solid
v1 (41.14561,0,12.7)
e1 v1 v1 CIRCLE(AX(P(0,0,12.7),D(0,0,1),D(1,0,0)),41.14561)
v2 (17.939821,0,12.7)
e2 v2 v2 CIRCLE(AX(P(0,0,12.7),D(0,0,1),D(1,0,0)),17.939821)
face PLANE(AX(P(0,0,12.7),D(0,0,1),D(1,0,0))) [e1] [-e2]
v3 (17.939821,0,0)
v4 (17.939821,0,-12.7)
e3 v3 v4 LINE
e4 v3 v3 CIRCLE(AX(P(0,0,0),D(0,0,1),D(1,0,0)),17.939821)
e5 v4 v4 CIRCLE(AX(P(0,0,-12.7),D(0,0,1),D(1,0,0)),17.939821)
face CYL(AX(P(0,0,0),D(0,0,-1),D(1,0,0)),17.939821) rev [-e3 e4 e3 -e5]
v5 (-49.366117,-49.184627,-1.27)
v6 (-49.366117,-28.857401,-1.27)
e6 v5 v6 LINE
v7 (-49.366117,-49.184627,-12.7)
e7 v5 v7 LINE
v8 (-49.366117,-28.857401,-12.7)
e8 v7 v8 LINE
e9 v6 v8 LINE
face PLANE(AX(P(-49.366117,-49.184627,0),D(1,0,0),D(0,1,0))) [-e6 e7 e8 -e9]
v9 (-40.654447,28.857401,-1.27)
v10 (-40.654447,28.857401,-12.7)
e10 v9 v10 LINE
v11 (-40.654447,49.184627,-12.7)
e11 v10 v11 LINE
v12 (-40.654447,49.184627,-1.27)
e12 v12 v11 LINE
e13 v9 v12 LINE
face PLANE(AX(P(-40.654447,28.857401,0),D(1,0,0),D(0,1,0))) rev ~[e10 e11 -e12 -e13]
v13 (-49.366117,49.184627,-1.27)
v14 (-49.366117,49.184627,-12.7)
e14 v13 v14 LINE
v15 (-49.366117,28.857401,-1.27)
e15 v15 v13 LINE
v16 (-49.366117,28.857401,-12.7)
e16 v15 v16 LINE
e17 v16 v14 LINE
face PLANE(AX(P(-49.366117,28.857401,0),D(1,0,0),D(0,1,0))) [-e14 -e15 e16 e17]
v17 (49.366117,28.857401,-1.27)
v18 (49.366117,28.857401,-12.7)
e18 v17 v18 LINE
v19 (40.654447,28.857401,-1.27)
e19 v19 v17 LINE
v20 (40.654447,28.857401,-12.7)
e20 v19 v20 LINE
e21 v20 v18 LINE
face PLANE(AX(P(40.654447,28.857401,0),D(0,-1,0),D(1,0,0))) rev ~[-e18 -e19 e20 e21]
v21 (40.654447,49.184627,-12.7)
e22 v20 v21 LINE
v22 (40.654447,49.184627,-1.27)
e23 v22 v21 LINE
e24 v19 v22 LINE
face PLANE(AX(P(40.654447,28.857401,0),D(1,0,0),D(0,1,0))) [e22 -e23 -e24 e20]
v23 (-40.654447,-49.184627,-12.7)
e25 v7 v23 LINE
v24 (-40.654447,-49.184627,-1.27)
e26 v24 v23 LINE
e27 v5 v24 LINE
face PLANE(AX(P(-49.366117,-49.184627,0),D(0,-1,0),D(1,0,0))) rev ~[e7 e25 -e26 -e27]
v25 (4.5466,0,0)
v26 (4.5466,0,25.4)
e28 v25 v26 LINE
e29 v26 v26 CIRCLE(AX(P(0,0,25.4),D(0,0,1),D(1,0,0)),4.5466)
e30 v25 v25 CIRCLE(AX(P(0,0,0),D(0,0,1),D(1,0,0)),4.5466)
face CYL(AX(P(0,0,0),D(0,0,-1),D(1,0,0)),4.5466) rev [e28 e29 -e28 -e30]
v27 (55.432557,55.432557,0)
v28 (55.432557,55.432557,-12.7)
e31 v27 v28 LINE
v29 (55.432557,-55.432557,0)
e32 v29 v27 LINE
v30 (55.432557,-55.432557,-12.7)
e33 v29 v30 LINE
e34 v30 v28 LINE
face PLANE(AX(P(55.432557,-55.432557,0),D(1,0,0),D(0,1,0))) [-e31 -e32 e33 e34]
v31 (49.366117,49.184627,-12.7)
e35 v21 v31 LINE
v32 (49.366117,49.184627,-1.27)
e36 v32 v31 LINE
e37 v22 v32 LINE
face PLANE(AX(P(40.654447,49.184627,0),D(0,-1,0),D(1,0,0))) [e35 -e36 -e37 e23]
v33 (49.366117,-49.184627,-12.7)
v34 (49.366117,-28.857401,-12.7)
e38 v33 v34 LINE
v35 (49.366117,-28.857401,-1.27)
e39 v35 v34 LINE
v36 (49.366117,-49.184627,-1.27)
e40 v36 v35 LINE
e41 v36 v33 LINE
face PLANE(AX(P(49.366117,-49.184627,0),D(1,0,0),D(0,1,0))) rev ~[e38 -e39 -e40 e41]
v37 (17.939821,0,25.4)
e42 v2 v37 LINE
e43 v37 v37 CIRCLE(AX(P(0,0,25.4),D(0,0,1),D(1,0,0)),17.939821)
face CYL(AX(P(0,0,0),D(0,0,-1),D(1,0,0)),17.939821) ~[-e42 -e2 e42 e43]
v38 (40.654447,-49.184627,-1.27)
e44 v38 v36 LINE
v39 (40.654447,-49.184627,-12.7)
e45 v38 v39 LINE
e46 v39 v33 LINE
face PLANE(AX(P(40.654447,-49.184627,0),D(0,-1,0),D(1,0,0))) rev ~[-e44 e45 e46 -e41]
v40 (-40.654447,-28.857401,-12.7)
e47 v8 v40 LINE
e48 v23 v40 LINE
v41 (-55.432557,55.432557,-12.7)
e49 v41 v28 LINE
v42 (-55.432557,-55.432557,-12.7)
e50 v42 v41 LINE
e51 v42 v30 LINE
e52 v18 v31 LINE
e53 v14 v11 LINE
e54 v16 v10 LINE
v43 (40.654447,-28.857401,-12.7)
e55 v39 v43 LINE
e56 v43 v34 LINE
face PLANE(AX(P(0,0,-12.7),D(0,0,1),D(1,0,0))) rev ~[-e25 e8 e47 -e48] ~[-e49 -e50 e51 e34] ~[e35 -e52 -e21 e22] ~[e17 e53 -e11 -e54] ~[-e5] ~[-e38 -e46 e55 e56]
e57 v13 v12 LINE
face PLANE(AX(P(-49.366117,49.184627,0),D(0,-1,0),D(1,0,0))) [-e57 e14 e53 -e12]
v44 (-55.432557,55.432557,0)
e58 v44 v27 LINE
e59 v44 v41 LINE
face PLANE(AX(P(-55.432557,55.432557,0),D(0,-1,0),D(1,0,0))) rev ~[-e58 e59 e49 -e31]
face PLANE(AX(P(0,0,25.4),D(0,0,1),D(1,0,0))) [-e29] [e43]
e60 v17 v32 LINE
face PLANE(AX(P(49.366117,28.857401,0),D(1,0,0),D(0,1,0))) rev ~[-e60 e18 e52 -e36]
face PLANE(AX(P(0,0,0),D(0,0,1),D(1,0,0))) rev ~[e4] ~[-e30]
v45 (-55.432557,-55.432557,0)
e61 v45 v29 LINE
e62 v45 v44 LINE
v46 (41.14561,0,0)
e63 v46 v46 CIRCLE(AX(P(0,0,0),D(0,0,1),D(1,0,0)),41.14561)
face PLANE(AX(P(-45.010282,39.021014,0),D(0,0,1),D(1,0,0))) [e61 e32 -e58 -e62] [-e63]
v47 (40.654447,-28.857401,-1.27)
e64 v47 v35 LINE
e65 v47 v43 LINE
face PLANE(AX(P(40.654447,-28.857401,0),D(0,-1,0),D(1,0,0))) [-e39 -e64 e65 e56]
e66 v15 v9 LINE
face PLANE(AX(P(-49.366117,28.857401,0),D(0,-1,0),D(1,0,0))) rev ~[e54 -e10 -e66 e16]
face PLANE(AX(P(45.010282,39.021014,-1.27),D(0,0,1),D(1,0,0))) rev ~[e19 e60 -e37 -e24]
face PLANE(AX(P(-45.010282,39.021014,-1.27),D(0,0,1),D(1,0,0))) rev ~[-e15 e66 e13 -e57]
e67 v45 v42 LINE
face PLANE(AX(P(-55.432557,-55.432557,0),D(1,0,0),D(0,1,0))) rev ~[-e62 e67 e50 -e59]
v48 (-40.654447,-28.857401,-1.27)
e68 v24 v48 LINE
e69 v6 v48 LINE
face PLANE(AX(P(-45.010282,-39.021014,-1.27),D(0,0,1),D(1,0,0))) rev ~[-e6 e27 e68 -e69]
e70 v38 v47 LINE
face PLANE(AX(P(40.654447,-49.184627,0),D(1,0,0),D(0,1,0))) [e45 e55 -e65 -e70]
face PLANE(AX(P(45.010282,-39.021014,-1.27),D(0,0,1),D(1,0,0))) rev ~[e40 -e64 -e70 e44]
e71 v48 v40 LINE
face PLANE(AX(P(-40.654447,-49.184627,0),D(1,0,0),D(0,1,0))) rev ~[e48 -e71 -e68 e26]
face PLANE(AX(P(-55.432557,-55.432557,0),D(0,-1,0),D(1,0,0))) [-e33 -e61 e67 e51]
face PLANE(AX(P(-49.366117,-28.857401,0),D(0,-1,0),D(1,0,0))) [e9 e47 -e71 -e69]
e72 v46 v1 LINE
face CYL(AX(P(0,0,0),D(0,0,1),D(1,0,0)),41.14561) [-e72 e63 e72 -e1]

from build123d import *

# Parameters (mm, degrees)
F0_R     = 17.939821
F0_R_2   = 4.5466
F1_DEPTH = 25.4
F0_R_3   = 41.14561
F2_DEPTH = 12.7
F0_W     = 110.865114
F0_H     = 110.865114
F0_W_2   = 8.71167
F0_H_2   = 20.327227
F3_DEPTH = 12.7
F4_DEPTH = 1.27


with BuildPart() as f1:
    # F0 (on Top) → F1 (new body)
    with BuildSketch(Plane.XY):
        Circle(F0_R)
        Circle(F0_R_2, mode=Mode.SUBTRACT)
    extrude(amount=F1_DEPTH)

    # F0 (on Top) → F2 (join, symmetric)
    with BuildSketch(Plane.XY):
        Circle(F0_R_3)
        Circle(F0_R, mode=Mode.SUBTRACT)
    extrude(amount=F2_DEPTH, both=True)

    # F0 (on Top) → F3 (join)
    with BuildSketch(Plane.XY):
        Rectangle(F0_W, F0_H)
        with Locations((-45.010282, -39.021014)):
            Rectangle(F0_W_2, F0_H_2, mode=Mode.SUBTRACT)
        with Locations((45.010282, -39.021014)):
            Rectangle(F0_W_2, F0_H_2, mode=Mode.SUBTRACT)
        Circle(F0_R_3, mode=Mode.SUBTRACT)
        with Locations((-45.010282, 39.021014)):
            Rectangle(F0_W_2, F0_H_2, mode=Mode.SUBTRACT)
        with Locations((45.010282, 39.021014)):
            Rectangle(F0_W_2, F0_H_2, mode=Mode.SUBTRACT)
    extrude(amount=-F3_DEPTH)

    # F0 (on Top) → F4 (join)
    with BuildSketch(Plane.XY):
        with Locations((-45.010282, 39.021014)):
            Rectangle(F0_W_2, F0_H_2)
        with Locations((45.010282, 39.021014)):
            Rectangle(F0_W_2, F0_H_2)
        with Locations((45.010282, -39.021014)):
            Rectangle(F0_W_2, F0_H_2)
        with Locations((-45.010282, -39.021014)):
            Rectangle(F0_W_2, F0_H_2)
    extrude(amount=-F4_DEPTH)


solid = f1.part
